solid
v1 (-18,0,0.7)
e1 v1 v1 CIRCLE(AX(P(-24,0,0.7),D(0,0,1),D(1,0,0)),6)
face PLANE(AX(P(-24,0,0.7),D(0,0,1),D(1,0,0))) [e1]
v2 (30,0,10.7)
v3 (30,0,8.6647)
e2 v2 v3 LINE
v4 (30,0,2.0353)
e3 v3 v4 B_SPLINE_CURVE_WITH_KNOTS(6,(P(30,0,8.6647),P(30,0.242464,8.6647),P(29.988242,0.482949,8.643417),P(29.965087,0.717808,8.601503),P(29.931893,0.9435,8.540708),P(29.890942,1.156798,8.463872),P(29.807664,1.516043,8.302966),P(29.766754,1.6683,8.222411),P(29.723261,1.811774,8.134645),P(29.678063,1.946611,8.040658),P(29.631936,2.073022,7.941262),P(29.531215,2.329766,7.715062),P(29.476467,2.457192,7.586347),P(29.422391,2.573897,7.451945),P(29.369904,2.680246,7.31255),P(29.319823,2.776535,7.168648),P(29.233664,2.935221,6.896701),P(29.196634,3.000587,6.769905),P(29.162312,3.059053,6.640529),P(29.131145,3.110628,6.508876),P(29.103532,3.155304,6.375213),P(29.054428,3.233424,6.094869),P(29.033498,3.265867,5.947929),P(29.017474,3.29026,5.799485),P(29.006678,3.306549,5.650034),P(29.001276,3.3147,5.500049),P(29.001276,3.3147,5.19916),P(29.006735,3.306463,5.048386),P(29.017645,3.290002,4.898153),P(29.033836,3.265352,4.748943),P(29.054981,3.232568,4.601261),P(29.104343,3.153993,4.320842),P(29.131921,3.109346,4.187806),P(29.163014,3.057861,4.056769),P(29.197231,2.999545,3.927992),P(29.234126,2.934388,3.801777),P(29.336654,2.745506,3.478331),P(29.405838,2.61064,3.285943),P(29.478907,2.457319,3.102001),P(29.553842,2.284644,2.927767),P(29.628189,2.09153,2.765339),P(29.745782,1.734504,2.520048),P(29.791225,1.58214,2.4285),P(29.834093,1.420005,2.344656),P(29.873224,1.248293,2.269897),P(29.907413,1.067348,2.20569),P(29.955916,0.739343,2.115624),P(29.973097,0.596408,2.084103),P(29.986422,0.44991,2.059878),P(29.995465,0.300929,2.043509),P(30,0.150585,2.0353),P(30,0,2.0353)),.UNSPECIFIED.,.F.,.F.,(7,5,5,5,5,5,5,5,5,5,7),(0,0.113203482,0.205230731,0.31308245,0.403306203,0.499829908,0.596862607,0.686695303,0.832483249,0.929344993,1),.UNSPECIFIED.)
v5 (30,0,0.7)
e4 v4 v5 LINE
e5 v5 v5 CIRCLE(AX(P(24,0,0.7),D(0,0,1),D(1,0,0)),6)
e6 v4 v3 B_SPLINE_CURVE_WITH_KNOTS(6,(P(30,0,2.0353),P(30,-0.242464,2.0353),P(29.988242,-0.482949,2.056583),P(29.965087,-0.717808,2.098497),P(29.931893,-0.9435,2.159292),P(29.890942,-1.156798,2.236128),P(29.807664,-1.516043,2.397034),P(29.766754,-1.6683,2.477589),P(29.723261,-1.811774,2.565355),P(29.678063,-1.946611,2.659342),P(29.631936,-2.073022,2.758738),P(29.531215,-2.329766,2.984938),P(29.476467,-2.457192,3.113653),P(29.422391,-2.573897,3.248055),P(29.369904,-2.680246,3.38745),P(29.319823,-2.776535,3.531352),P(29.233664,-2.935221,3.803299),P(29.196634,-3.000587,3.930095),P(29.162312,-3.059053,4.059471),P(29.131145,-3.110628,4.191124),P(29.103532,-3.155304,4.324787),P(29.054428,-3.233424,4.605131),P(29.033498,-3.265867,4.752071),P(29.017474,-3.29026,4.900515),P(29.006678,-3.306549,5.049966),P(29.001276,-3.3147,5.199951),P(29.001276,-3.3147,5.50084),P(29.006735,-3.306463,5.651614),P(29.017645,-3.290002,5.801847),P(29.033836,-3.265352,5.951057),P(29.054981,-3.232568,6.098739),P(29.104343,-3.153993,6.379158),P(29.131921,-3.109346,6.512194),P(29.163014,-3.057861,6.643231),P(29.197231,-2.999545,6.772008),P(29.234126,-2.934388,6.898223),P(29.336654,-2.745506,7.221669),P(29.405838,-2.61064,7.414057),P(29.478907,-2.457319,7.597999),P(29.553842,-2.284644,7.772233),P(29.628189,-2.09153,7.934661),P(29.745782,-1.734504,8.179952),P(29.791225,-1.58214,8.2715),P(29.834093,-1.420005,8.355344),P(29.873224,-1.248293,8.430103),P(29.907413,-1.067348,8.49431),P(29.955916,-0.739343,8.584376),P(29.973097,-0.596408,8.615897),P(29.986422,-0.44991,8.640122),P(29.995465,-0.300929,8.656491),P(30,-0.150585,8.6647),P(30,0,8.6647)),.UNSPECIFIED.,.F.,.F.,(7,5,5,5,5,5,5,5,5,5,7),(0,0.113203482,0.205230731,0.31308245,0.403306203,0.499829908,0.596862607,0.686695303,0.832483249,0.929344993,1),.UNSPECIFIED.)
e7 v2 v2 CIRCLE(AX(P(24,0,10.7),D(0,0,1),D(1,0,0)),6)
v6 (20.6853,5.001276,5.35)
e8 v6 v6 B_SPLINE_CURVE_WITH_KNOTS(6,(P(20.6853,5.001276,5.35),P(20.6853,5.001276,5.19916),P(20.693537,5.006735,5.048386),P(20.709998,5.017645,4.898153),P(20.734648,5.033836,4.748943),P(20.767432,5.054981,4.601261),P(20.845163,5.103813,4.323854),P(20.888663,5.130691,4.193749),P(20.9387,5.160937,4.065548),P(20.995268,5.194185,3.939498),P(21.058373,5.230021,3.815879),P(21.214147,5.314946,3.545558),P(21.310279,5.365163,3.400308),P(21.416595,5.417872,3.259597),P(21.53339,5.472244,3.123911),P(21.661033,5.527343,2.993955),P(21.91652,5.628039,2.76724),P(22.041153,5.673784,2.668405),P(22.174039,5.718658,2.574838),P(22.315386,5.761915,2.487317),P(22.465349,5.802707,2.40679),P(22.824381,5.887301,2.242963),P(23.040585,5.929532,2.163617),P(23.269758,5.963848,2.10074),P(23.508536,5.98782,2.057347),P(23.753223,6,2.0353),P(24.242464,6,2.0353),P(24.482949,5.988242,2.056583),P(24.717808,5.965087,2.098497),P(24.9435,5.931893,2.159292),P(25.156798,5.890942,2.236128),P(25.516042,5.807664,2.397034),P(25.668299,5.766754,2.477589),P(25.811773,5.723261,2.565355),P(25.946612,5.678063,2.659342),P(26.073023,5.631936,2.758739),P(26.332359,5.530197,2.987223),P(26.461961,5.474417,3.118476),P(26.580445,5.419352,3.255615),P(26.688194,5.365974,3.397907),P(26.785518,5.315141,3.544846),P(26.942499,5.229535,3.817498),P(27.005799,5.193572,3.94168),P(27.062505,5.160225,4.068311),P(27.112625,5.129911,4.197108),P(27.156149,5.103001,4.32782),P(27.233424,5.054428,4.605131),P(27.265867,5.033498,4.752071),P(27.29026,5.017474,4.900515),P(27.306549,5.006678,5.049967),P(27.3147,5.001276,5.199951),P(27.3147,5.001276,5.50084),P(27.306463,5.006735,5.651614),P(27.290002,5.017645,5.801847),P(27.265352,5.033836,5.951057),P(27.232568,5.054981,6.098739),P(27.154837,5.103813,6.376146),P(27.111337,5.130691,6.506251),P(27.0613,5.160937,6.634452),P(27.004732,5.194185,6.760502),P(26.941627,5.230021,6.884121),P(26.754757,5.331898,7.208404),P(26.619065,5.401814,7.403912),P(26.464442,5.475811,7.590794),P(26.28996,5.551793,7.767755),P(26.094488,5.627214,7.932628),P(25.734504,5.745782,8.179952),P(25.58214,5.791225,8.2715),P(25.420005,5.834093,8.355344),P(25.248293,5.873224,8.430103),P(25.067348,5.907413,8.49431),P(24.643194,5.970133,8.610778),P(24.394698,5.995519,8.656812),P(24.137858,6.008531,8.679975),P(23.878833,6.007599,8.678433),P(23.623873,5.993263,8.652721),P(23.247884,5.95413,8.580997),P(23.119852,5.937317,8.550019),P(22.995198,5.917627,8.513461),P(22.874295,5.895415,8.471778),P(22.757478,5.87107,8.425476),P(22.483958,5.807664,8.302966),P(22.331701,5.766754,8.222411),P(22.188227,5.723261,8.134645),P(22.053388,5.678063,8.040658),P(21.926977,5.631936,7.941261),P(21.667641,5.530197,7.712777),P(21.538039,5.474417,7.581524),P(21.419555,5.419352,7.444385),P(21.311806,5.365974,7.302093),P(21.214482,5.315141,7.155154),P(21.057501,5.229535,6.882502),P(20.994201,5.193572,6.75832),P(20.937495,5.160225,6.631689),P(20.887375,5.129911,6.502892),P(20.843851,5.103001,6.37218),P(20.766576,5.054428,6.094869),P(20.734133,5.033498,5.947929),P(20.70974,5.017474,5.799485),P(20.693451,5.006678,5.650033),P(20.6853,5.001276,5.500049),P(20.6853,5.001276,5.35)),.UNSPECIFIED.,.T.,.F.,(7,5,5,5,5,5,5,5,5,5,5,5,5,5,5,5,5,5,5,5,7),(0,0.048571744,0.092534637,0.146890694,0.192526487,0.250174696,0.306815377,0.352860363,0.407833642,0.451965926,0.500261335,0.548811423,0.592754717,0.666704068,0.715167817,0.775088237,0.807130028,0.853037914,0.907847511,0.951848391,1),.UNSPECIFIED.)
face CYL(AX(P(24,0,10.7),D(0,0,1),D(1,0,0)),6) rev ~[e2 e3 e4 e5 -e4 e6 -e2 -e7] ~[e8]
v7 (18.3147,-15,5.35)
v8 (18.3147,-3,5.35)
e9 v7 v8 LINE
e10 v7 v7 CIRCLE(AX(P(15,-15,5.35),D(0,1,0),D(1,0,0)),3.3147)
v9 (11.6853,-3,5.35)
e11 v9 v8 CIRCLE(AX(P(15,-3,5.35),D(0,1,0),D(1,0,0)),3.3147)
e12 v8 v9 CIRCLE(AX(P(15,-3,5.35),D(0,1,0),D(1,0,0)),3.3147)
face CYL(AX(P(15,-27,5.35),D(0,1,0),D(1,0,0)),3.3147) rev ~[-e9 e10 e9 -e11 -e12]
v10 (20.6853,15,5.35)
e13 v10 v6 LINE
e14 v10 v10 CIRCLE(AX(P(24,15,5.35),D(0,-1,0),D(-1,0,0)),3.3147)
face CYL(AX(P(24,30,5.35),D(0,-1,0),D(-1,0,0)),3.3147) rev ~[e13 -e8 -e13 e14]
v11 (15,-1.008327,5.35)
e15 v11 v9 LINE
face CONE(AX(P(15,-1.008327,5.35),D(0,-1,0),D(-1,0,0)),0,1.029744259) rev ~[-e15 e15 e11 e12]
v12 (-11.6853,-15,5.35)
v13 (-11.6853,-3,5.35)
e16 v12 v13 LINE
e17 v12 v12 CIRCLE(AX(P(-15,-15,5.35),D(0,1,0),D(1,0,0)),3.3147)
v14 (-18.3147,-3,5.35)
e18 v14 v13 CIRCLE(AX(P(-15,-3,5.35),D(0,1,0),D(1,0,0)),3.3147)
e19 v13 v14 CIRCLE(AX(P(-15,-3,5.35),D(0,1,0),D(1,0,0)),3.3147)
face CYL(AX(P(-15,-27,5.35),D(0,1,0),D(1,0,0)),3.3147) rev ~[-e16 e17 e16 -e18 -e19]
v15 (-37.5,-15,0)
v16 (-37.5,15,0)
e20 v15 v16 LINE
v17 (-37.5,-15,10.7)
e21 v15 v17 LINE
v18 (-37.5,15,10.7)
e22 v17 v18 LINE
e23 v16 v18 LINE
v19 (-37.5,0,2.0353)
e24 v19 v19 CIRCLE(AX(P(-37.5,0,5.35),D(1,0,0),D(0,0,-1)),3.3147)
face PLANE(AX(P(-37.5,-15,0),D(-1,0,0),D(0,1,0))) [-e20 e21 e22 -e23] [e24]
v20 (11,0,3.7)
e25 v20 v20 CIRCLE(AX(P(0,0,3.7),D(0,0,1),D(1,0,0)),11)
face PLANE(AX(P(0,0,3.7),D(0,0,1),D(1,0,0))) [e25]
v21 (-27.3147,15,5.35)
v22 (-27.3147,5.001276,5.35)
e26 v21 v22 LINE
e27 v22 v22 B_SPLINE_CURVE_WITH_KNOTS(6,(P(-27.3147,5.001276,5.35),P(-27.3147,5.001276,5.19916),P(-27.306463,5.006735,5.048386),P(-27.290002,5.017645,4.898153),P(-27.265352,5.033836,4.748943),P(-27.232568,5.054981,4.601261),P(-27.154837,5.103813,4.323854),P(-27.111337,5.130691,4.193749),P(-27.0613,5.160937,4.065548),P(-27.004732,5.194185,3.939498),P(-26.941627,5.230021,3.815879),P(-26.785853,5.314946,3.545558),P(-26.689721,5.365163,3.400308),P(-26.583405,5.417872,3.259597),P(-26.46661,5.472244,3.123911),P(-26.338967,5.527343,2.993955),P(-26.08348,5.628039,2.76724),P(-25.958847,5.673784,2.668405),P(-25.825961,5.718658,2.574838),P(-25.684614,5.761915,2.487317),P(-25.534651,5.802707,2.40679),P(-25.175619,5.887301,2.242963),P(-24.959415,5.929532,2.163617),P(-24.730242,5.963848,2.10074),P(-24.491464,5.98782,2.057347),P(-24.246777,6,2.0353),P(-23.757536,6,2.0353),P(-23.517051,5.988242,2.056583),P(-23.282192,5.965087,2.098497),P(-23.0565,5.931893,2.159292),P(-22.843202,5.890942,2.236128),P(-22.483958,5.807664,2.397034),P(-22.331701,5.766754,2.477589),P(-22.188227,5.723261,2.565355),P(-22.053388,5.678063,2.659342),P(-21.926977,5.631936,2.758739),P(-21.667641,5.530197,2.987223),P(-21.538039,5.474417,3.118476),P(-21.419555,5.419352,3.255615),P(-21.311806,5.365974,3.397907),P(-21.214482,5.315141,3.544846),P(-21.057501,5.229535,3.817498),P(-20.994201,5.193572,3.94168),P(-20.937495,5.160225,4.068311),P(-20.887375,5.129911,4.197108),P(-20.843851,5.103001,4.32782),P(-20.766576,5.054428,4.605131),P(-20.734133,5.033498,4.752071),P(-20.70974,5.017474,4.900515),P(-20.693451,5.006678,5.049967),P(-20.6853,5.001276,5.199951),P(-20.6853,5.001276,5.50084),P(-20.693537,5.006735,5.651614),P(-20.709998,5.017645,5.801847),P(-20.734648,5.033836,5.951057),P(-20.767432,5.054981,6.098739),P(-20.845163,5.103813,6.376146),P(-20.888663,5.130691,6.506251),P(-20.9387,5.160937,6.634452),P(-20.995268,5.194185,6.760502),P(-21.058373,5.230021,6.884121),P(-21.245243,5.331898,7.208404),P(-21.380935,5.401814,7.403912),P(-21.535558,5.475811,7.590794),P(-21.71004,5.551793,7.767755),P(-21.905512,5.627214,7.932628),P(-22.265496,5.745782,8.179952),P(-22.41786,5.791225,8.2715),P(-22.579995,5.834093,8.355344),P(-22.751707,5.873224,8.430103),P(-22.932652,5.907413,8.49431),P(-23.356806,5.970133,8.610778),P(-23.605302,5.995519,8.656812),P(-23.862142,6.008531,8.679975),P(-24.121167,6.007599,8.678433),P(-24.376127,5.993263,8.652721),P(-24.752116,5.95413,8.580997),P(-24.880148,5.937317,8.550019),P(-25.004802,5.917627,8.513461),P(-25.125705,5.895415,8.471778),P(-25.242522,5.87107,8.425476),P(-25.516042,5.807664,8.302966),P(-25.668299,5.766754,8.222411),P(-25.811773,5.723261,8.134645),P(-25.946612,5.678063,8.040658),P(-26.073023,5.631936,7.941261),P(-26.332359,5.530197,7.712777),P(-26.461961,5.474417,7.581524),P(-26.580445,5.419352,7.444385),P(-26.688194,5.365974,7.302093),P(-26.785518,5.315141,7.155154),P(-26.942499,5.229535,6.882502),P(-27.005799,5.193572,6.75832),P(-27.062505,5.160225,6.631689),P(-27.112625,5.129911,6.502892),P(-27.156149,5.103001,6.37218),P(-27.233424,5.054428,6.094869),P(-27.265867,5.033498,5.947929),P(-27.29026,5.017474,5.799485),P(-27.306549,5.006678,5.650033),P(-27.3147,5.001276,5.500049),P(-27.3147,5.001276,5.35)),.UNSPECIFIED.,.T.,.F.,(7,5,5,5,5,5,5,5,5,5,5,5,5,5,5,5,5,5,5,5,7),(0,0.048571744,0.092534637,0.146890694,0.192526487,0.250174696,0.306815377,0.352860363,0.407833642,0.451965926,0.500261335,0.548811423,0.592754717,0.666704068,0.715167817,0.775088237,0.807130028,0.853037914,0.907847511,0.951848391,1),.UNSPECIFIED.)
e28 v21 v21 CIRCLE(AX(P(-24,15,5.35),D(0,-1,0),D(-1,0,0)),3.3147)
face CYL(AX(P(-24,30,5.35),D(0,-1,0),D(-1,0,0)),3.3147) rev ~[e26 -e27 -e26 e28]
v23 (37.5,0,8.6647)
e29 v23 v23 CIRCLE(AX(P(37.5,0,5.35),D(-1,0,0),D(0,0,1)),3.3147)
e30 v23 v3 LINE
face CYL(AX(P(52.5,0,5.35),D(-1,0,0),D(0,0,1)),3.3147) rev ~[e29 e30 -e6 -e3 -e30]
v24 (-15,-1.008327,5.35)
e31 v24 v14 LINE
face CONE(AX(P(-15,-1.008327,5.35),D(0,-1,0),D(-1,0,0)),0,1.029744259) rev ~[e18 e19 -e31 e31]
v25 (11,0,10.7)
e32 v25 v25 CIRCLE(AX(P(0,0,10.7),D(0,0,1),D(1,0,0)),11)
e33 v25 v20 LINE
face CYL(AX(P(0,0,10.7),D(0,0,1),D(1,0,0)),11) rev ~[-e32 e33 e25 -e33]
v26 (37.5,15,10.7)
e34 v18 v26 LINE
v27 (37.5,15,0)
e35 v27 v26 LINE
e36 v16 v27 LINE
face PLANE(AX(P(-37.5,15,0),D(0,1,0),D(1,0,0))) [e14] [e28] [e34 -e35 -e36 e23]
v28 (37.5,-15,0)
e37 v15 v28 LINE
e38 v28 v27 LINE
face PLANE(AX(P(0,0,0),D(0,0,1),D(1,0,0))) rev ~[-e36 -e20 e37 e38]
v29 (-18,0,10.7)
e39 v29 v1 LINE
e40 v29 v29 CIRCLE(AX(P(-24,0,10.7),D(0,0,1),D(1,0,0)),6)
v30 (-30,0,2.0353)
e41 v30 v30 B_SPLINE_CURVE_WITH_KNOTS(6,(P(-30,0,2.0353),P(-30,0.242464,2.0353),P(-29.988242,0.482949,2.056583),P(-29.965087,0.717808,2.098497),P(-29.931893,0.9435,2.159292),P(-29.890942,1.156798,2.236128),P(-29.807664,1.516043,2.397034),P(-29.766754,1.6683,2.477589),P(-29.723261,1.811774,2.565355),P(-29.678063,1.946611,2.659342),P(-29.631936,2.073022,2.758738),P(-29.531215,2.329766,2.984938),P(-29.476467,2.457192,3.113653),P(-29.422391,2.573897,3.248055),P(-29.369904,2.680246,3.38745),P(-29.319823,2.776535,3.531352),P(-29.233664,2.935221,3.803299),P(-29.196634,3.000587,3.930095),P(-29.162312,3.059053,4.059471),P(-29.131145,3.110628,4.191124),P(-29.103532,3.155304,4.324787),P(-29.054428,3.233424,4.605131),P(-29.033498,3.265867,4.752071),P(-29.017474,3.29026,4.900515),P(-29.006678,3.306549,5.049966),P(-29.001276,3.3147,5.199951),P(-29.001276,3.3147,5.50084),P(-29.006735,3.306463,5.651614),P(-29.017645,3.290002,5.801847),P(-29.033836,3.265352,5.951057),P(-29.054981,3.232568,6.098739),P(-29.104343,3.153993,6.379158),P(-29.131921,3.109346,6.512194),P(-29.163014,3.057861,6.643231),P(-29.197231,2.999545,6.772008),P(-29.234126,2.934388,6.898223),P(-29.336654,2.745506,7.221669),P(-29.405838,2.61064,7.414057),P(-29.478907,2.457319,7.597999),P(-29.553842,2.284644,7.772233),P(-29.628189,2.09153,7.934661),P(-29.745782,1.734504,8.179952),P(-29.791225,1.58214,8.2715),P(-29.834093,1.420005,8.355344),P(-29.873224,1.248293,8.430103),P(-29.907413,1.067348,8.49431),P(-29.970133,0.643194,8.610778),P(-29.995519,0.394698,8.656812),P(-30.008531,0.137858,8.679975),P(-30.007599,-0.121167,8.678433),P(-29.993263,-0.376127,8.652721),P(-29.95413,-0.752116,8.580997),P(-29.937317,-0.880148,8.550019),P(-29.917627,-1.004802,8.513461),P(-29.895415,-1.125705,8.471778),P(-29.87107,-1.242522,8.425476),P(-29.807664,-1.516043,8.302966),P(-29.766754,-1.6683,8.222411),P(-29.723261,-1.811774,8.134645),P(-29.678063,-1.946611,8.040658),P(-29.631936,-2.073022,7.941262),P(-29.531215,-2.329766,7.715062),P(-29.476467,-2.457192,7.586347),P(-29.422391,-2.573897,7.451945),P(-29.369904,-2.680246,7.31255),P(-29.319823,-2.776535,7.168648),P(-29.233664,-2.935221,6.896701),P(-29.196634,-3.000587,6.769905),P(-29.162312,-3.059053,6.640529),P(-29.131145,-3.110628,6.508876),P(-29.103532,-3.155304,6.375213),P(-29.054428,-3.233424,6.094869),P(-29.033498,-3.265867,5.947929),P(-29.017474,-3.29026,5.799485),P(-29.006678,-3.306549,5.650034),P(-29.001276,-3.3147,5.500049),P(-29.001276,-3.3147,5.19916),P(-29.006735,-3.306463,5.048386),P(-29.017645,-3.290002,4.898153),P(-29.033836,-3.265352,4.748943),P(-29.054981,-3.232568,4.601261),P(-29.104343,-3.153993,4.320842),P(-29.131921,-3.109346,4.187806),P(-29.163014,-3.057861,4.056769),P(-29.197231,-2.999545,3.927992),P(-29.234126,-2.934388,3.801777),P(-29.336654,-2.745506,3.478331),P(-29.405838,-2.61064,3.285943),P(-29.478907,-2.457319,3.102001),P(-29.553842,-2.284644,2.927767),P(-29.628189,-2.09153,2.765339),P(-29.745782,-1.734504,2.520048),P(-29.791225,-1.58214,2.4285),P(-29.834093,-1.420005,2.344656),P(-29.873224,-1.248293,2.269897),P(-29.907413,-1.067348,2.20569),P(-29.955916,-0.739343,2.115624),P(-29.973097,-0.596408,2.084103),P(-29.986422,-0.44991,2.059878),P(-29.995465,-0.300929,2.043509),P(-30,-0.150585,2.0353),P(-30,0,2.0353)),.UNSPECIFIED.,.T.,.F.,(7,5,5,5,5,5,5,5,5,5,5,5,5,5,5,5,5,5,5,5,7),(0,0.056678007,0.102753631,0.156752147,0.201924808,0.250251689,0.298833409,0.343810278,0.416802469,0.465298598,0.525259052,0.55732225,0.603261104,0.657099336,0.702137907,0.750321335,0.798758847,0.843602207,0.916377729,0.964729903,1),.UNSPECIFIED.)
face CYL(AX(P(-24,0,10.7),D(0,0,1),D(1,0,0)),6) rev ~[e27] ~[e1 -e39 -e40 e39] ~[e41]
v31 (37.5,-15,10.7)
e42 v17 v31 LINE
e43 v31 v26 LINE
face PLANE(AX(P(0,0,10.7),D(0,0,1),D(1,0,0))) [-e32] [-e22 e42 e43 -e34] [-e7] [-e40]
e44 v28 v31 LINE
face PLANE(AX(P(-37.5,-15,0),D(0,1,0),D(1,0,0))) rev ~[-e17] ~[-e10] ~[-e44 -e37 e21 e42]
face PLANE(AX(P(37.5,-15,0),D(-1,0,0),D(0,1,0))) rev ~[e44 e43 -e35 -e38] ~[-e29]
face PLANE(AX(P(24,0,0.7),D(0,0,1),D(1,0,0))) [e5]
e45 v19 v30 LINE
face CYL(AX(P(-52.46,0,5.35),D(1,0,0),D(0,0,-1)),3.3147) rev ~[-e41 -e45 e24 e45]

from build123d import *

# Parameters (mm, degrees)
ESBO_O1_W                                   = 75
ESBO_O1_H                                   = 30
RESSALTO_EXTRUS_O1_DEPTH                    = 10.7
ESBO_O2_R                                   = 6
CORTE_EXTRUS_O1_DEPTH                       = 10
ESBO_O7_R                                   = 11
CORTE_EXTRUS_O6_DEPTH                       = 7
FURO_ROSCADO_PARA_CONDU_TE_DE_1_4_281_D     = 6.6294
FURO_ROSCADO_PARA_CONDU_TE_DE_1_4_281_DEPTH = 15
FURO_ROSCADO_PARA_CONDU_TE_DE_1_4_281_TIP   = 1.991672694
FURO_ROSCADO_PARA_CONDU_TE_DE_1_4_282_D     = 6.6294
FURO_ROSCADO_PARA_CONDU_TE_DE_1_4_282_DEPTH = 14.96
FURO_ROSCADO_PARA_CONDU_TE_DE_1_4_282_TIP   = 1.991672694
FURO_ROSCADO_PARA_CONDU_TE_DE_1_4_283_D     = 6.6294
FURO_ROSCADO_PARA_CONDU_TE_DE_1_4_283_DEPTH = 15
FURO_ROSCADO_PARA_CONDU_TE_DE_1_4_283_TIP   = 1.991672694
FURO_ROSCADO_PARA_CONDU_TE_DE_1_4_284_D     = 6.6294
FURO_ROSCADO_PARA_CONDU_TE_DE_1_4_284_DEPTH = 12
FURO_ROSCADO_PARA_CONDU_TE_DE_1_4_284_TIP   = 1.991672694


with BuildPart() as part:
    # Esboço1 → Ressalto-extrusão1 (new body)
    with BuildSketch(Plane.XY):
        Rectangle(ESBO_O1_W, ESBO_O1_H)
    extrude(amount=RESSALTO_EXTRUS_O1_DEPTH)

    # Esboço2 → Corte-extrusão1 (cut)
    with BuildSketch(Plane.XY.offset(10.7)):
        with Locations((-24, 0)):
            Circle(ESBO_O2_R)
        with Locations((24, 0)):
            Circle(ESBO_O2_R)
    extrude(amount=-CORTE_EXTRUS_O1_DEPTH, mode=Mode.SUBTRACT)

    # Esboço7 → Corte-extrusão6 (cut)
    with BuildSketch(Plane.XY.offset(10.7)):
        Circle(ESBO_O7_R)
    extrude(amount=-CORTE_EXTRUS_O6_DEPTH, mode=Mode.SUBTRACT)

    # Furo roscado para conduíte de 1/4-281
    with Locations(Plane(origin=(0, 15, 0), x_dir=(1, 0, 0), z_dir=(0, 1, 0))):
        with Locations((-24, -5.35), (24, -5.35)):
            Hole(FURO_ROSCADO_PARA_CONDU_TE_DE_1_4_281_D / 2, depth=FURO_ROSCADO_PARA_CONDU_TE_DE_1_4_281_DEPTH)
            with Locations((0, 0, -(FURO_ROSCADO_PARA_CONDU_TE_DE_1_4_281_DEPTH + FURO_ROSCADO_PARA_CONDU_TE_DE_1_4_281_TIP / 2))):  # 118° drill point
                Cone(0, FURO_ROSCADO_PARA_CONDU_TE_DE_1_4_281_D / 2, FURO_ROSCADO_PARA_CONDU_TE_DE_1_4_281_TIP, mode=Mode.SUBTRACT)

    # Furo roscado para conduíte de 1/4-282
    with Locations(Plane.ZY.offset(37.5)):
        with Locations((5.35, 0)):
            Hole(FURO_ROSCADO_PARA_CONDU_TE_DE_1_4_282_D / 2, depth=FURO_ROSCADO_PARA_CONDU_TE_DE_1_4_282_DEPTH)
            with Locations((0, 0, -(FURO_ROSCADO_PARA_CONDU_TE_DE_1_4_282_DEPTH + FURO_ROSCADO_PARA_CONDU_TE_DE_1_4_282_TIP / 2))):  # 118° drill point
                Cone(0, FURO_ROSCADO_PARA_CONDU_TE_DE_1_4_282_D / 2, FURO_ROSCADO_PARA_CONDU_TE_DE_1_4_282_TIP, mode=Mode.SUBTRACT)

    # Furo roscado para conduíte de 1/4-283
    with Locations(Plane(origin=(37.5, 0, 0), x_dir=(0, 0, -1), z_dir=(1, 0, 0))):
        with Locations((-5.35, 0)):
            Hole(FURO_ROSCADO_PARA_CONDU_TE_DE_1_4_283_D / 2, depth=FURO_ROSCADO_PARA_CONDU_TE_DE_1_4_283_DEPTH)
            with Locations((0, 0, -(FURO_ROSCADO_PARA_CONDU_TE_DE_1_4_283_DEPTH + FURO_ROSCADO_PARA_CONDU_TE_DE_1_4_283_TIP / 2))):  # 118° drill point
                Cone(0, FURO_ROSCADO_PARA_CONDU_TE_DE_1_4_283_D / 2, FURO_ROSCADO_PARA_CONDU_TE_DE_1_4_283_TIP, mode=Mode.SUBTRACT)

    # Furo roscado para conduíte de 1/4-284
    with Locations(Plane(origin=(0, -15, 0), x_dir=(-1, 0, 0), z_dir=(0, -1, 0))):
        with Locations((15, -5.35), (-15, -5.35)):
            Hole(FURO_ROSCADO_PARA_CONDU_TE_DE_1_4_284_D / 2, depth=FURO_ROSCADO_PARA_CONDU_TE_DE_1_4_284_DEPTH)
            with Locations((0, 0, -(FURO_ROSCADO_PARA_CONDU_TE_DE_1_4_284_DEPTH + FURO_ROSCADO_PARA_CONDU_TE_DE_1_4_284_TIP / 2))):  # 118° drill point
                Cone(0, FURO_ROSCADO_PARA_CONDU_TE_DE_1_4_284_D / 2, FURO_ROSCADO_PARA_CONDU_TE_DE_1_4_284_TIP, mode=Mode.SUBTRACT)


solid = part.part
